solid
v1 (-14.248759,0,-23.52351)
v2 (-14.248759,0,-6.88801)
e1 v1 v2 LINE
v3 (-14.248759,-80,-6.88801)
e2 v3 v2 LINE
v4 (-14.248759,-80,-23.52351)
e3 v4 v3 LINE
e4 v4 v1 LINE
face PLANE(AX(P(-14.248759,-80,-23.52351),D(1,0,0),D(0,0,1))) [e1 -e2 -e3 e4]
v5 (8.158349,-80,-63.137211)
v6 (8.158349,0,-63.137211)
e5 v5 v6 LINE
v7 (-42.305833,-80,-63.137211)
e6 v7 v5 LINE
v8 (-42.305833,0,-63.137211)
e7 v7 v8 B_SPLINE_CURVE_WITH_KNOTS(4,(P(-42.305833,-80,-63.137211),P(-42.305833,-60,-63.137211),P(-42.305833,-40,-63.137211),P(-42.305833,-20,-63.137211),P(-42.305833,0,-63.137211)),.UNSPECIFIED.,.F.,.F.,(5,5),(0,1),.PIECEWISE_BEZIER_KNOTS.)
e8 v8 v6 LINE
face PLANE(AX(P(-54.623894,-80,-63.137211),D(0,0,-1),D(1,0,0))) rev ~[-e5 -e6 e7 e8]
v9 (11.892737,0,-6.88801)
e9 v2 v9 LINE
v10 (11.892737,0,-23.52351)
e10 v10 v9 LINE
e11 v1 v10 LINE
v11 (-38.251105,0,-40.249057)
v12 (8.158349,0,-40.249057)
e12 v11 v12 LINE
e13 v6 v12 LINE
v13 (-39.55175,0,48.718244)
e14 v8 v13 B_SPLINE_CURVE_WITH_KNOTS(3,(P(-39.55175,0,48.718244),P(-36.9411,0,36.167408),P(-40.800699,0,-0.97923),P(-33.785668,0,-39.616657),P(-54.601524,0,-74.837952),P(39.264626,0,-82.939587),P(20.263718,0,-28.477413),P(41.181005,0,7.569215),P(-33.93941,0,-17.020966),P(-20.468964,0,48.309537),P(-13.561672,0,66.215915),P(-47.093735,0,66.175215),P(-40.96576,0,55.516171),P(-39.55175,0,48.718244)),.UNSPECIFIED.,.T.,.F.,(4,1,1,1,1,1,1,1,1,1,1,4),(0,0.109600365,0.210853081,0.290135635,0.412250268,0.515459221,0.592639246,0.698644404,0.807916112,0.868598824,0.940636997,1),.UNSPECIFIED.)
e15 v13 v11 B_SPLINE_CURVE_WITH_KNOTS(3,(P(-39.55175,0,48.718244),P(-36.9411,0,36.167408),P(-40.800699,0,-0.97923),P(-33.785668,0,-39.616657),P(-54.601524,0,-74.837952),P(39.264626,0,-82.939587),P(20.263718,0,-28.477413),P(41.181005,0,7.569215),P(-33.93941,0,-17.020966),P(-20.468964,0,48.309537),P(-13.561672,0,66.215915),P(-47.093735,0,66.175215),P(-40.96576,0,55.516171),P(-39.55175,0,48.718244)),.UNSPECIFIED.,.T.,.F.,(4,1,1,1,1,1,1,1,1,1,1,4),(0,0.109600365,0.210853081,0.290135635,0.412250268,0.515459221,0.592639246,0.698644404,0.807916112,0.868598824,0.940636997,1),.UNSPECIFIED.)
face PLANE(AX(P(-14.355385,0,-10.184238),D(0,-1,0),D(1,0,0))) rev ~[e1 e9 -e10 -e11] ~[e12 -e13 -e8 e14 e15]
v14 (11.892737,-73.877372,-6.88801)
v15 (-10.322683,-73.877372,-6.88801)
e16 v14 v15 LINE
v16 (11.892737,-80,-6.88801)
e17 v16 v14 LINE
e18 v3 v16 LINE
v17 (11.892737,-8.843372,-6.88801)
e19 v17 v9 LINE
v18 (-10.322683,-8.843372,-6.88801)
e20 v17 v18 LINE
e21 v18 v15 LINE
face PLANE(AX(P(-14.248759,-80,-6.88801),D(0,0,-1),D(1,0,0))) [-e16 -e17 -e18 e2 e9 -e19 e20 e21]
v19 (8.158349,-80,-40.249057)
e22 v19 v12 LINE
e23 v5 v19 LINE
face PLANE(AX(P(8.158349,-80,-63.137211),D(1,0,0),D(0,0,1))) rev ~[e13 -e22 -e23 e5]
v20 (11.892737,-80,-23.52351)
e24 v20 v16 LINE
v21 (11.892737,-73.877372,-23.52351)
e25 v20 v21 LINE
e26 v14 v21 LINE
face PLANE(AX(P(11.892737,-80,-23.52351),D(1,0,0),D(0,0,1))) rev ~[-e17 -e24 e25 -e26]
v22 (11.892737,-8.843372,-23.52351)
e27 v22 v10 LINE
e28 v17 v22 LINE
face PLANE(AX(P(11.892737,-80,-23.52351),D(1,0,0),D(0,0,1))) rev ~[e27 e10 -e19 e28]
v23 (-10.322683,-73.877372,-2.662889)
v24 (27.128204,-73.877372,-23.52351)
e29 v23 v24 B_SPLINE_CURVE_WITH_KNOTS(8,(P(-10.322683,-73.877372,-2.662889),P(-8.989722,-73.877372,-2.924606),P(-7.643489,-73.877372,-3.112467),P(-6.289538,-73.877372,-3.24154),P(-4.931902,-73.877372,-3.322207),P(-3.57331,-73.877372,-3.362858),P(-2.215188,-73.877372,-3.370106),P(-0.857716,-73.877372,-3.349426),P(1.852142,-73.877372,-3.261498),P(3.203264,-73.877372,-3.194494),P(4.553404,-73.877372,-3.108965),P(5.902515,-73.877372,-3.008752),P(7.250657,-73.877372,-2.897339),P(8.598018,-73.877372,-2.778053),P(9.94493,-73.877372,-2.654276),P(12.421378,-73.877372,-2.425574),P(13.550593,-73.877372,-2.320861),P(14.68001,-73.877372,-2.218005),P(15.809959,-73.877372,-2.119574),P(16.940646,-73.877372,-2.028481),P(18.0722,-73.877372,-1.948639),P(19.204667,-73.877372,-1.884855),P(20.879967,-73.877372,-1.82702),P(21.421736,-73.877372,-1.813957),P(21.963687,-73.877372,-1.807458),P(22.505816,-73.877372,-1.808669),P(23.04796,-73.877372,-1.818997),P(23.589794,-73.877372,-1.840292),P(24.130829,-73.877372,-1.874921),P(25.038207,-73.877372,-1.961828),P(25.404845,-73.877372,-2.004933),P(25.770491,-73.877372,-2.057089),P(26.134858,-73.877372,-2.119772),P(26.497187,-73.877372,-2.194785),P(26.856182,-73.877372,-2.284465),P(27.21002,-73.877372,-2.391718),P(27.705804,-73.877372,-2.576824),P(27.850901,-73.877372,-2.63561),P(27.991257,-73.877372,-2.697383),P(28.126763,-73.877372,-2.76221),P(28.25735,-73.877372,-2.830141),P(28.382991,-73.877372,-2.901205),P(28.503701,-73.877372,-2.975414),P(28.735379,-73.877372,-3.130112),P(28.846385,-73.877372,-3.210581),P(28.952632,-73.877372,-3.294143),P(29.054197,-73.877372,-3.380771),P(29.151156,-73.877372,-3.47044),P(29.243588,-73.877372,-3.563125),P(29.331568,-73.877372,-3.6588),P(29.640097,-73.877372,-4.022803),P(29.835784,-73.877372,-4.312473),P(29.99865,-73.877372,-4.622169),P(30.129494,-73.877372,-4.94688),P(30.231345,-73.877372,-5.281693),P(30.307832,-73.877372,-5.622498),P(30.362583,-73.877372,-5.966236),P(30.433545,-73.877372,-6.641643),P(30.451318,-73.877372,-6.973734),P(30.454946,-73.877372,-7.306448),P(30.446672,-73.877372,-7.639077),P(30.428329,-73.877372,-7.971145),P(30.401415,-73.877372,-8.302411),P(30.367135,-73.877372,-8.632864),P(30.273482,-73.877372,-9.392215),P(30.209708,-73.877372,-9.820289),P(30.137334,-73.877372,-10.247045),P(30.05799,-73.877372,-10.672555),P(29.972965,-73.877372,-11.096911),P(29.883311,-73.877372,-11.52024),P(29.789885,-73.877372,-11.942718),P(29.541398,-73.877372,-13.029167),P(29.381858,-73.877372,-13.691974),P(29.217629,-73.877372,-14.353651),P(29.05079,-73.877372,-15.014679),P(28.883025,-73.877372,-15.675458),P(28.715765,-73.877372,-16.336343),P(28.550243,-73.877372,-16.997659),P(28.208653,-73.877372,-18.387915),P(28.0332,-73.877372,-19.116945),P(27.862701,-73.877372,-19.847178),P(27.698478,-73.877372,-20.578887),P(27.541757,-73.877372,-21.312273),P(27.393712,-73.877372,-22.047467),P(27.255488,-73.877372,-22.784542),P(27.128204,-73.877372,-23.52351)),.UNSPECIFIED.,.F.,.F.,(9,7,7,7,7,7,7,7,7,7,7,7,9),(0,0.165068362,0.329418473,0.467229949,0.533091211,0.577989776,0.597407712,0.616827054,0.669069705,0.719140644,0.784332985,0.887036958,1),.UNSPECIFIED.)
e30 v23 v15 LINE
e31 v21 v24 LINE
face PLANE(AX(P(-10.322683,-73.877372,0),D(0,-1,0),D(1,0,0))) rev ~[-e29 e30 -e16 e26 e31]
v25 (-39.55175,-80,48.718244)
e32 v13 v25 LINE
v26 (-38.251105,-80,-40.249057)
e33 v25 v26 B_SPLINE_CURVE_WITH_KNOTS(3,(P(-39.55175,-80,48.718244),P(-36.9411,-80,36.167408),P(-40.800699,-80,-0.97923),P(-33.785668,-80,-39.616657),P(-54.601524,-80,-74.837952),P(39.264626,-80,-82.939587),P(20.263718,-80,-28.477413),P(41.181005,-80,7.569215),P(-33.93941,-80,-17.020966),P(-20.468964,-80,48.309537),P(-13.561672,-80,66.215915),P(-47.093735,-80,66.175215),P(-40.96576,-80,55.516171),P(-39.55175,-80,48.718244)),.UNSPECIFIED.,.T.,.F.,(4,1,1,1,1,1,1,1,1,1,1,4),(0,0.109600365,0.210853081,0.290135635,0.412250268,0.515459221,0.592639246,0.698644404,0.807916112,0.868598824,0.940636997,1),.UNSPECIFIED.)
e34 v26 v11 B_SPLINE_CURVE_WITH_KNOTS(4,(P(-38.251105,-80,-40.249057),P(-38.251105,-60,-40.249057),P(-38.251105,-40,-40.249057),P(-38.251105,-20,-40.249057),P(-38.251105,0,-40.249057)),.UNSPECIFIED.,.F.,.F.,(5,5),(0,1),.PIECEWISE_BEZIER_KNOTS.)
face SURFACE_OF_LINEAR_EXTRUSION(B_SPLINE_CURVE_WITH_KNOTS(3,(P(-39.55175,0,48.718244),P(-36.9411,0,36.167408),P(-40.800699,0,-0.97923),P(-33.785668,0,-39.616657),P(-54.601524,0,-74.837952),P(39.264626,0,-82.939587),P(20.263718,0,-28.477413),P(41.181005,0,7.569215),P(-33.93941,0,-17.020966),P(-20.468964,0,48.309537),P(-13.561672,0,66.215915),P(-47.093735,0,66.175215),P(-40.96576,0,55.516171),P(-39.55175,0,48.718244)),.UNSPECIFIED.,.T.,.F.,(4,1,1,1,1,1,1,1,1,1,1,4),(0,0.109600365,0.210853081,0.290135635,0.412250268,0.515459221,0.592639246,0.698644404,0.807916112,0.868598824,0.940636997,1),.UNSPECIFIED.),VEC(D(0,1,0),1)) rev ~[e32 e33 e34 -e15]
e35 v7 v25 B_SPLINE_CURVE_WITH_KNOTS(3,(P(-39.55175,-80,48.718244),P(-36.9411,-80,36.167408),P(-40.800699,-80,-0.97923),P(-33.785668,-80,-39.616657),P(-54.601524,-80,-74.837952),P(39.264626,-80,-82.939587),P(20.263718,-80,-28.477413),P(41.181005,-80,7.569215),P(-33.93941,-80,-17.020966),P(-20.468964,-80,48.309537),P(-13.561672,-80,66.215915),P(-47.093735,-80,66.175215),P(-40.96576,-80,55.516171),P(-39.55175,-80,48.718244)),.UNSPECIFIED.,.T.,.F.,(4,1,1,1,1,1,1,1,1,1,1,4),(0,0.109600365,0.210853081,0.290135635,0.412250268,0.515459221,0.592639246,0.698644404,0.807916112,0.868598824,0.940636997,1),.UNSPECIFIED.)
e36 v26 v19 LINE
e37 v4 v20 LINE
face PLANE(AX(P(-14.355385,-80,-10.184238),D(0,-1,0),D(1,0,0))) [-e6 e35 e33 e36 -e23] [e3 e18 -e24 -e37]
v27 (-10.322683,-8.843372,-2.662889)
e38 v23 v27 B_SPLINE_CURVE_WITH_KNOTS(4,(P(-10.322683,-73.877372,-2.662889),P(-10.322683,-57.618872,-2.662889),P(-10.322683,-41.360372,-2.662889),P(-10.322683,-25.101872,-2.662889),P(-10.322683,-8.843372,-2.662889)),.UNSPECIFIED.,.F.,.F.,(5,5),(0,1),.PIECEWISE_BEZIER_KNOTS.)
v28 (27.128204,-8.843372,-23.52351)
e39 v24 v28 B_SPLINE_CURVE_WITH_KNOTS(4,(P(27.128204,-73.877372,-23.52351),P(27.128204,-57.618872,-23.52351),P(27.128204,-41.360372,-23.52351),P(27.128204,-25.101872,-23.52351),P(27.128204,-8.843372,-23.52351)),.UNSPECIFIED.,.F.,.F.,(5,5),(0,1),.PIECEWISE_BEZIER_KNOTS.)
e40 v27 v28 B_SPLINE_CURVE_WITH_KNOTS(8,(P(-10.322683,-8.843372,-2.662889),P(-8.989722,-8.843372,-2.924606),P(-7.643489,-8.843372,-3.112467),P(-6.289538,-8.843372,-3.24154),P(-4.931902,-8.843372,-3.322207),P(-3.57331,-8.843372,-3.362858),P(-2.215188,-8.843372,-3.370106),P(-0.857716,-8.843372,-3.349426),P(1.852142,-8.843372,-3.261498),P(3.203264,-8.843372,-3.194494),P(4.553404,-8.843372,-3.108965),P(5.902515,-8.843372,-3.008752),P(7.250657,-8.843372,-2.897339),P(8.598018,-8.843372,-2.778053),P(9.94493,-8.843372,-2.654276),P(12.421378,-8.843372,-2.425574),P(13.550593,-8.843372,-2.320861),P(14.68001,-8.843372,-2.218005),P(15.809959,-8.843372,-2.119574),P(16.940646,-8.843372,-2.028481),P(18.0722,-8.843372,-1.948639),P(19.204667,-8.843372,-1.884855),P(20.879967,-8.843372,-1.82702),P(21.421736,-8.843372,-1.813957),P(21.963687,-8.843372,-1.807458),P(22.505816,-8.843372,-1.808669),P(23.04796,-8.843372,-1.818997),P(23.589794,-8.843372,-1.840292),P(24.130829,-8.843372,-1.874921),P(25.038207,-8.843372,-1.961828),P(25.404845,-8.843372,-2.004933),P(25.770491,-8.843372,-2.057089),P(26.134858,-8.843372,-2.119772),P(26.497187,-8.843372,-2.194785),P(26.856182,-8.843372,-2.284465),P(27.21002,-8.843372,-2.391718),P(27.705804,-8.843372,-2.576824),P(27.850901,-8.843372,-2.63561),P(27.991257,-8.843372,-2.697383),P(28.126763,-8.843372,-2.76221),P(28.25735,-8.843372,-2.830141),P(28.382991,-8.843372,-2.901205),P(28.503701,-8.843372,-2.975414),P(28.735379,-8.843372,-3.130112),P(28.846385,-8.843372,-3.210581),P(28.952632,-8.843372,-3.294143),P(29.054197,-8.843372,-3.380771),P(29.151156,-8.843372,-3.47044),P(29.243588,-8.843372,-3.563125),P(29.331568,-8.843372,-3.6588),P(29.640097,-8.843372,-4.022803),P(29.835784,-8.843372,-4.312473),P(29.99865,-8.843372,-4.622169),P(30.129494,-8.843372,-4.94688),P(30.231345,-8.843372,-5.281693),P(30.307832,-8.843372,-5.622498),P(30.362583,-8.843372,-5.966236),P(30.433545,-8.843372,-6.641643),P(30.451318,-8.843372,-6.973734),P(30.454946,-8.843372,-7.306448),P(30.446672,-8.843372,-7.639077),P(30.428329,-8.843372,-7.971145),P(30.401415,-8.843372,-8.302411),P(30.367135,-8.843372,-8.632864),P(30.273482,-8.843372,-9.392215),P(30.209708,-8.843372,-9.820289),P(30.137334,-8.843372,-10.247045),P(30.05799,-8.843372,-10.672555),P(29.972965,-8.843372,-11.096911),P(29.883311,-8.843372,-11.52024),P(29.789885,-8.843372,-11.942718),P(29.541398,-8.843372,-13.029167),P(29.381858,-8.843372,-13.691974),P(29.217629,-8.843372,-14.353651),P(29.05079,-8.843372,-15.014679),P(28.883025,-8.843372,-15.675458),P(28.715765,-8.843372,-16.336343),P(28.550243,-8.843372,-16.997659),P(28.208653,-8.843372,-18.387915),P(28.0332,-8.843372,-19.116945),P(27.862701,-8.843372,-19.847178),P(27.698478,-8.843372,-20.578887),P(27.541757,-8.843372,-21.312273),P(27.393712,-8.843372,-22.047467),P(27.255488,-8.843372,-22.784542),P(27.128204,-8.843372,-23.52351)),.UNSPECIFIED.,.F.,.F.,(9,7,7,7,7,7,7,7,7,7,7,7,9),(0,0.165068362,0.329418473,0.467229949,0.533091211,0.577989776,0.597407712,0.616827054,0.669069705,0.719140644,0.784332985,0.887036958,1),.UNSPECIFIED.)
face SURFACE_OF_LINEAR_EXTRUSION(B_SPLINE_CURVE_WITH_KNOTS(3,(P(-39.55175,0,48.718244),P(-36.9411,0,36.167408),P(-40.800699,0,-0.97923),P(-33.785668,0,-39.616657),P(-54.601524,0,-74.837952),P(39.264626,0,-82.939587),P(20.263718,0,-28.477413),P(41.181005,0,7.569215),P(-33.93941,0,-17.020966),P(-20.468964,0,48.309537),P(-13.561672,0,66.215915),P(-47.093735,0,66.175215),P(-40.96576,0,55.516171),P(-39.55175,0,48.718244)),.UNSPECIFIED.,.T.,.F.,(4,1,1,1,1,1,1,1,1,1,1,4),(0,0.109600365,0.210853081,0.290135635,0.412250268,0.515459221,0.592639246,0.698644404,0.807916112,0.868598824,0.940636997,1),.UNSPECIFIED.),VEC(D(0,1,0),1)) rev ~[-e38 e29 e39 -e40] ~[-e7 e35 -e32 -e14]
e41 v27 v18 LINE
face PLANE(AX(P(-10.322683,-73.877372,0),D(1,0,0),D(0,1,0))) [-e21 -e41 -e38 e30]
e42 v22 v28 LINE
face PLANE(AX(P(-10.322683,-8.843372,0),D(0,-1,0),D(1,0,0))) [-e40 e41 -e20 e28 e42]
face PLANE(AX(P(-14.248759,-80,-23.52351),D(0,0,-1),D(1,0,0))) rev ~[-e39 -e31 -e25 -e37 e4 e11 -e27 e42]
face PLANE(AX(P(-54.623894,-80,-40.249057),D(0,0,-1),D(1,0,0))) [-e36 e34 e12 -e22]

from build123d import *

# Parameters (mm, degrees)
F1_DEPTH      = 80
F2_W          = 62.7822438255
F2_H          = 22.8881537914
F3_DEPTH      = 80
F3_DEPTH_BACK = 25
F4_W          = 26.1414963752
F4_H          = 16.635499429
F5_DEPTH      = 80
F5_DEPTH_BACK = 25
F6_W          = 72.8337317705
F6_H          = 65.034000203
F7_DEPTH      = 23.5235095024


with BuildPart() as f1:
    # F0 (on Front) → F1 (new body)
    with BuildSketch(Plane.XZ):
        with BuildLine():
            add(Edge.make_bspline(
                [(-39.5517498255, 48.7182438374), (-36.9411001736, 36.1674084826), (-40.8006993614, -0.9792298389), (-33.7856676866, -39.6166565057), (-54.6015240943, -74.837951869), (39.2646260008, -82.939587398), (20.2637184984, -28.4774134352), (41.1810048431, 7.569214719), (-33.9394102323, -17.0209657693), (-20.4689639982, 48.30953683), (-13.561672252, 66.2159153271), (-47.0937346307, 66.1752149245), (-40.9657597467, 55.5161708199), (-39.5517498255, 48.7182438374)],
                knots=[0, 0, 0, 0, 0.1096003653, 0.2108530807, 0.2901356352, 0.4122502679, 0.5154592212, 0.5926392455, 0.6986444037, 0.8079161121, 0.8685988242, 0.9406369967, 1, 1, 1, 1], degree=3))
        make_face()
    extrude(amount=F1_DEPTH)

    # F2 (on face) → F3 (cut, two sides)
    with BuildSketch(Plane.XZ.offset(80)) as f3_sk:
        with Locations((-23.2327724807, -51.6931340098)):
            Rectangle(F2_W, F2_H)
    extrude(amount=-F3_DEPTH, mode=Mode.SUBTRACT)
    extrude(f3_sk.sketch, amount=F3_DEPTH_BACK, mode=Mode.SUBTRACT)

    # F4 (on face) → F5 (cut, two sides)
    with BuildSketch(Plane.XZ.offset(80)) as f5_sk:
        with Locations((-1.1780112982, -15.2057597879)):
            Rectangle(F4_W, F4_H)
    extrude(amount=-F5_DEPTH, mode=Mode.SUBTRACT)
    extrude(f5_sk.sketch, amount=F5_DEPTH_BACK, mode=Mode.SUBTRACT)

    # F6 (on Top) → F7 (cut, through all)
    with BuildSketch(Plane.XY):
        with Locations((26.0941833258, -41.3603717461)):
            Rectangle(F6_W, F6_H)
    extrude(amount=-F7_DEPTH, mode=Mode.SUBTRACT)


solid = f1.part
